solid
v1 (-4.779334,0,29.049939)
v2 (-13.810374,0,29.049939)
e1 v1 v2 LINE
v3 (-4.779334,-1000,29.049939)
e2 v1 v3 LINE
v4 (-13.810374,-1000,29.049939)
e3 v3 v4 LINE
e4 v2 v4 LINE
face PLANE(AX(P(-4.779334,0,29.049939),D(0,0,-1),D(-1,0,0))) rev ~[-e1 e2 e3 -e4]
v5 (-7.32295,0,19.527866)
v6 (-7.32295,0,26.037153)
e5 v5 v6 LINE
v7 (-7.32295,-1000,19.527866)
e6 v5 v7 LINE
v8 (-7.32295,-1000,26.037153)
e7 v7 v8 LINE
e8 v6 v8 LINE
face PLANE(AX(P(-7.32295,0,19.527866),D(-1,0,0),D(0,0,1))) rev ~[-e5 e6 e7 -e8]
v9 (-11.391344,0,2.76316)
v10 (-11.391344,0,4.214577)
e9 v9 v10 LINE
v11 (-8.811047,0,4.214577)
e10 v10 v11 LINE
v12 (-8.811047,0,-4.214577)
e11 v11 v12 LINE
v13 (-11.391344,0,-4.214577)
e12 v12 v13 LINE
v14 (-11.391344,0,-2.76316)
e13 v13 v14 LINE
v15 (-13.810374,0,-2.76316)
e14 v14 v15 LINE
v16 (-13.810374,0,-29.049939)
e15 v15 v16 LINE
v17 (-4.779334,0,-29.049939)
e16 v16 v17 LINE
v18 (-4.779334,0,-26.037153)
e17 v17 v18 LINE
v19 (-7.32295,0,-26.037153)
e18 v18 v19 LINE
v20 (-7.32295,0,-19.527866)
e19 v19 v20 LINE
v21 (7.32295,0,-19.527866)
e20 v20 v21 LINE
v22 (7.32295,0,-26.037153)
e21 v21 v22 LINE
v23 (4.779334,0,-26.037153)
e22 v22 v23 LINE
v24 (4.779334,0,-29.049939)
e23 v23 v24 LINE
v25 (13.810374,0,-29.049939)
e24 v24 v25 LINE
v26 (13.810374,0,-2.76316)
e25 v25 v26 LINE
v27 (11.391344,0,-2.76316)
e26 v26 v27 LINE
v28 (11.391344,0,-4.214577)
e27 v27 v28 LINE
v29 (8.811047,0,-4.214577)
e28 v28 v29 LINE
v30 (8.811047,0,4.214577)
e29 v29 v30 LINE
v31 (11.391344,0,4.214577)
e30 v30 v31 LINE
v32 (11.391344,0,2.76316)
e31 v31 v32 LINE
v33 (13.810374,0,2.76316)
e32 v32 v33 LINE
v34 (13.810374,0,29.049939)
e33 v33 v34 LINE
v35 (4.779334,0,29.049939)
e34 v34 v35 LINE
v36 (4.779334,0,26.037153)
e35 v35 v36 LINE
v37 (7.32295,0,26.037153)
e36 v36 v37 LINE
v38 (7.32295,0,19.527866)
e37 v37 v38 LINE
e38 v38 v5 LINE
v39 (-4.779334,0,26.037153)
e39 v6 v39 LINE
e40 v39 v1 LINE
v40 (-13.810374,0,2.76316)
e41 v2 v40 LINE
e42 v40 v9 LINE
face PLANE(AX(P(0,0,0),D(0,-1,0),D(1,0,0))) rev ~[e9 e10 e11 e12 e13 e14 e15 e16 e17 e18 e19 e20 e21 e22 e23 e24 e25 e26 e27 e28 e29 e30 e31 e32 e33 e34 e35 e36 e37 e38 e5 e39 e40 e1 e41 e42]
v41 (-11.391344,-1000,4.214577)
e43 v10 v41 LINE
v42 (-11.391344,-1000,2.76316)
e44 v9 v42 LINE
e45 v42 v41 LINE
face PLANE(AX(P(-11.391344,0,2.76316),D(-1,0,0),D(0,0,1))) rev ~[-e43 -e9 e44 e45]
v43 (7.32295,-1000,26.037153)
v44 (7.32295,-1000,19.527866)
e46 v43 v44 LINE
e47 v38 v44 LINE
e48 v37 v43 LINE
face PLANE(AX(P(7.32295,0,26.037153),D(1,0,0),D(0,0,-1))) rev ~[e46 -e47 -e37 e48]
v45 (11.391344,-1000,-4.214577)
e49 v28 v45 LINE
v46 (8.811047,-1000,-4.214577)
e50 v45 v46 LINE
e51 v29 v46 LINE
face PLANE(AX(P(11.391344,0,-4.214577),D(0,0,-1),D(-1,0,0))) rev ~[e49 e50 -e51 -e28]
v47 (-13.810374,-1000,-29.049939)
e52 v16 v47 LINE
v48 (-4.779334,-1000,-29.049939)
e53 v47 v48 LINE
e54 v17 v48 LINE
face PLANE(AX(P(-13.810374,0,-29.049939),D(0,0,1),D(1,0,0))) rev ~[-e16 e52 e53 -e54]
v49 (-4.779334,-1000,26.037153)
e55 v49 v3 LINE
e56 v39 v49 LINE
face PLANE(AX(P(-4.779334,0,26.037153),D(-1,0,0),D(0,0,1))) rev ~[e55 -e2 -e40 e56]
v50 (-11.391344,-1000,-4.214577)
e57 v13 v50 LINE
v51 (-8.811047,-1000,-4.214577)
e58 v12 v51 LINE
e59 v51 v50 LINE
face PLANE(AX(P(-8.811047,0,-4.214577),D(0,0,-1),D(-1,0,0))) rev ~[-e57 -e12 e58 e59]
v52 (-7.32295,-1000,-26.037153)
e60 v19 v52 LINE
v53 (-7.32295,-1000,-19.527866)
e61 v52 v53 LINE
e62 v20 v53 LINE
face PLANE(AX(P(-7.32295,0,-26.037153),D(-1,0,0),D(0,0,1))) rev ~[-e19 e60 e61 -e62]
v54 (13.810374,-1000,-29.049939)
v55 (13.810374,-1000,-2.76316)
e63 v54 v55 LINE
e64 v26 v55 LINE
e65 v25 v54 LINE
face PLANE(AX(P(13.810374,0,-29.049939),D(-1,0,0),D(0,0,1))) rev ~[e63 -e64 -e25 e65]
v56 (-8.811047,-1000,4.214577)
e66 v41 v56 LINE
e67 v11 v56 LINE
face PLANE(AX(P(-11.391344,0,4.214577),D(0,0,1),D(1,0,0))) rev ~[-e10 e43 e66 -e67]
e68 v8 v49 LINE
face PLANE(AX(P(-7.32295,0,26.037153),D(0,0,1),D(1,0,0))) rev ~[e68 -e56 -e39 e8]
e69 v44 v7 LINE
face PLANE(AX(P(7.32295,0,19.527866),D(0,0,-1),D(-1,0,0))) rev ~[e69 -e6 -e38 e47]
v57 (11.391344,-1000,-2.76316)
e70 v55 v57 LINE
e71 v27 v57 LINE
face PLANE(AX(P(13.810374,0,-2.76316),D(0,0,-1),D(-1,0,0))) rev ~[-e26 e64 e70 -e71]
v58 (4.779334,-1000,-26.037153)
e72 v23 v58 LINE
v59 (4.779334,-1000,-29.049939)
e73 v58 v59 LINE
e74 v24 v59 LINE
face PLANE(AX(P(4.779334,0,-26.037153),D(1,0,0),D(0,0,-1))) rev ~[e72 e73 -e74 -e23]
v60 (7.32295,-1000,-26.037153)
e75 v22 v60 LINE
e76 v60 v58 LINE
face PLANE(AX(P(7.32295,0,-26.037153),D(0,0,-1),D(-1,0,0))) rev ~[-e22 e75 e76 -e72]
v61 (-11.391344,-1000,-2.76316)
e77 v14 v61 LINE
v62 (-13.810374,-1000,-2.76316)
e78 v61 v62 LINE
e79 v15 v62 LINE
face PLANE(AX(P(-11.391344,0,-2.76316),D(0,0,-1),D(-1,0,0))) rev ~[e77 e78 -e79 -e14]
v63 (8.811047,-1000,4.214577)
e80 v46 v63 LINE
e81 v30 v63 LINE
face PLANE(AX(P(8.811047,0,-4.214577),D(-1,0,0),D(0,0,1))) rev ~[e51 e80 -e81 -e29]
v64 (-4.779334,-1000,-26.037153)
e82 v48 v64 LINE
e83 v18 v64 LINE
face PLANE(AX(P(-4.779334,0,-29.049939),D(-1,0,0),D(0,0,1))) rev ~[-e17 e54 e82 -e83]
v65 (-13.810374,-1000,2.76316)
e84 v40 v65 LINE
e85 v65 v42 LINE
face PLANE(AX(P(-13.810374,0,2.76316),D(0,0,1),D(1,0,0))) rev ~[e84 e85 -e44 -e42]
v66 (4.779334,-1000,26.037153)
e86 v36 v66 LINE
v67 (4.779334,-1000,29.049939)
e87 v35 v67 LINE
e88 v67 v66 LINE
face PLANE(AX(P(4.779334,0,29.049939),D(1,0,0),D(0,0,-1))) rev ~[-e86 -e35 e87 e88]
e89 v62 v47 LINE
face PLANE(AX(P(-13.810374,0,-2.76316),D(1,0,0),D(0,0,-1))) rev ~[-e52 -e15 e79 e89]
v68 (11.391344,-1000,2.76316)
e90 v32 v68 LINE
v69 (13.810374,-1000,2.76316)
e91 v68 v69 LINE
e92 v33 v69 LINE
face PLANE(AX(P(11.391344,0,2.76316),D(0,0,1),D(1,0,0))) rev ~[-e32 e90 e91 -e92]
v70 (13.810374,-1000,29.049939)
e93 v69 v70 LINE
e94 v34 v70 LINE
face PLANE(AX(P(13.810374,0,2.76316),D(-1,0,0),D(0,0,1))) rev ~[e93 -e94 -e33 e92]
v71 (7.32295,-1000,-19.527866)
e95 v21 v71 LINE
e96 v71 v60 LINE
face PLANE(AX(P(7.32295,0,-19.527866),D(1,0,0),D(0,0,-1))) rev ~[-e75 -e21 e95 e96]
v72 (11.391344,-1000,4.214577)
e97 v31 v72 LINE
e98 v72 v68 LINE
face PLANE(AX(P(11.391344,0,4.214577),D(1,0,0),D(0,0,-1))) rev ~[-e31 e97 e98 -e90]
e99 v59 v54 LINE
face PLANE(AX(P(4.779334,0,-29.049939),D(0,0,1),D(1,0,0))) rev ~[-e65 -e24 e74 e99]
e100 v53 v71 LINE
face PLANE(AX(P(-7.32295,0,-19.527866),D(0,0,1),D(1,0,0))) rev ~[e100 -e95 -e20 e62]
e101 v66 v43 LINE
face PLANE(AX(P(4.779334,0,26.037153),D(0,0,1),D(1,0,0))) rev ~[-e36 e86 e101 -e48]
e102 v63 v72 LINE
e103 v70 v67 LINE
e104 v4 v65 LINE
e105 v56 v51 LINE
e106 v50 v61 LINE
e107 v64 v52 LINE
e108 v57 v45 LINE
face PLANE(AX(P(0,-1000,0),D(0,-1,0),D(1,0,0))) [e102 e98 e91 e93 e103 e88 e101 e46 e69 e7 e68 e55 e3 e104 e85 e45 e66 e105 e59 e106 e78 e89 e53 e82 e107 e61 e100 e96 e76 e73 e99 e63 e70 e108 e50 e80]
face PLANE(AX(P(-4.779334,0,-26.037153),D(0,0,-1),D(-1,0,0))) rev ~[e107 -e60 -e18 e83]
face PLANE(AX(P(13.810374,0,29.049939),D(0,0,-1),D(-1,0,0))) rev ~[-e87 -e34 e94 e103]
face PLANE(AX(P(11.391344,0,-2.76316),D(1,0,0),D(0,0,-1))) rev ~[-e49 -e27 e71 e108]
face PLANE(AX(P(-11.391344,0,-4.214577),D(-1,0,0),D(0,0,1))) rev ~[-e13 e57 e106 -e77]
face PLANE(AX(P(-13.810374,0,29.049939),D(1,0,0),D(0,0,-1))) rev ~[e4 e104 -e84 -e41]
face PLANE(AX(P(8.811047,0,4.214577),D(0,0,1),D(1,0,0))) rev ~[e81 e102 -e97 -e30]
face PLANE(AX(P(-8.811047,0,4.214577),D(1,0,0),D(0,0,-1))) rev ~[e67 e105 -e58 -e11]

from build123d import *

# Parameters (mm, degrees)
F2_DEPTH = 1000


with BuildPart() as f2:
    # F1 (on Front) → F2 (new body)
    with BuildSketch(Plane.XZ):
        Polygon((7.322949823, 19.5278655738), (0, 19.5278655738), (-7.322949823, 19.5278655738), (-7.322949823, 26.0371528566), (-4.7793341801, 26.0371528566), (-4.7793341801, 29.0499385446), (-13.8103738427, 29.0499385446), (-13.8103738427, 2.7631602716), (-11.3913444802, 2.7631602716), (-11.3913444802, 4.2145773768), (-8.8110473007, 4.2145773768), (-8.8110473007, 0), (-8.8110473007, -4.2145773768), (-11.3913444802, -4.2145773768), (-11.3913444802, -2.7631602716), (-13.8103738427, -2.7631602716), (-13.8103738427, -29.0499385446), (-4.7793341801, -29.0499385446), (-4.7793341801, -26.0371528566), (-7.322949823, -26.0371528566), (-7.322949823, -19.5278655738), (0, -19.5278655738), (7.322949823, -19.5278655738), (7.322949823, -26.0371528566), (4.7793341801, -26.0371528566), (4.7793341801, -29.0499385446), (13.8103738427, -29.0499385446), (13.8103738427, -2.7631602716), (11.3913444802, -2.7631602716), (11.3913444802, -4.2145773768), (8.8110473007, -4.2145773768), (8.8110473007, 0), (8.8110473007, 4.2145773768), (11.3913444802, 4.2145773768), (11.3913444802, 2.7631602716), (13.8103738427, 2.7631602716), (13.8103738427, 29.0499385446), (4.7793341801, 29.0499385446), (4.7793341801, 26.0371528566), (7.322949823, 26.0371528566), align=None)
    extrude(amount=F2_DEPTH)


solid = f2.part
